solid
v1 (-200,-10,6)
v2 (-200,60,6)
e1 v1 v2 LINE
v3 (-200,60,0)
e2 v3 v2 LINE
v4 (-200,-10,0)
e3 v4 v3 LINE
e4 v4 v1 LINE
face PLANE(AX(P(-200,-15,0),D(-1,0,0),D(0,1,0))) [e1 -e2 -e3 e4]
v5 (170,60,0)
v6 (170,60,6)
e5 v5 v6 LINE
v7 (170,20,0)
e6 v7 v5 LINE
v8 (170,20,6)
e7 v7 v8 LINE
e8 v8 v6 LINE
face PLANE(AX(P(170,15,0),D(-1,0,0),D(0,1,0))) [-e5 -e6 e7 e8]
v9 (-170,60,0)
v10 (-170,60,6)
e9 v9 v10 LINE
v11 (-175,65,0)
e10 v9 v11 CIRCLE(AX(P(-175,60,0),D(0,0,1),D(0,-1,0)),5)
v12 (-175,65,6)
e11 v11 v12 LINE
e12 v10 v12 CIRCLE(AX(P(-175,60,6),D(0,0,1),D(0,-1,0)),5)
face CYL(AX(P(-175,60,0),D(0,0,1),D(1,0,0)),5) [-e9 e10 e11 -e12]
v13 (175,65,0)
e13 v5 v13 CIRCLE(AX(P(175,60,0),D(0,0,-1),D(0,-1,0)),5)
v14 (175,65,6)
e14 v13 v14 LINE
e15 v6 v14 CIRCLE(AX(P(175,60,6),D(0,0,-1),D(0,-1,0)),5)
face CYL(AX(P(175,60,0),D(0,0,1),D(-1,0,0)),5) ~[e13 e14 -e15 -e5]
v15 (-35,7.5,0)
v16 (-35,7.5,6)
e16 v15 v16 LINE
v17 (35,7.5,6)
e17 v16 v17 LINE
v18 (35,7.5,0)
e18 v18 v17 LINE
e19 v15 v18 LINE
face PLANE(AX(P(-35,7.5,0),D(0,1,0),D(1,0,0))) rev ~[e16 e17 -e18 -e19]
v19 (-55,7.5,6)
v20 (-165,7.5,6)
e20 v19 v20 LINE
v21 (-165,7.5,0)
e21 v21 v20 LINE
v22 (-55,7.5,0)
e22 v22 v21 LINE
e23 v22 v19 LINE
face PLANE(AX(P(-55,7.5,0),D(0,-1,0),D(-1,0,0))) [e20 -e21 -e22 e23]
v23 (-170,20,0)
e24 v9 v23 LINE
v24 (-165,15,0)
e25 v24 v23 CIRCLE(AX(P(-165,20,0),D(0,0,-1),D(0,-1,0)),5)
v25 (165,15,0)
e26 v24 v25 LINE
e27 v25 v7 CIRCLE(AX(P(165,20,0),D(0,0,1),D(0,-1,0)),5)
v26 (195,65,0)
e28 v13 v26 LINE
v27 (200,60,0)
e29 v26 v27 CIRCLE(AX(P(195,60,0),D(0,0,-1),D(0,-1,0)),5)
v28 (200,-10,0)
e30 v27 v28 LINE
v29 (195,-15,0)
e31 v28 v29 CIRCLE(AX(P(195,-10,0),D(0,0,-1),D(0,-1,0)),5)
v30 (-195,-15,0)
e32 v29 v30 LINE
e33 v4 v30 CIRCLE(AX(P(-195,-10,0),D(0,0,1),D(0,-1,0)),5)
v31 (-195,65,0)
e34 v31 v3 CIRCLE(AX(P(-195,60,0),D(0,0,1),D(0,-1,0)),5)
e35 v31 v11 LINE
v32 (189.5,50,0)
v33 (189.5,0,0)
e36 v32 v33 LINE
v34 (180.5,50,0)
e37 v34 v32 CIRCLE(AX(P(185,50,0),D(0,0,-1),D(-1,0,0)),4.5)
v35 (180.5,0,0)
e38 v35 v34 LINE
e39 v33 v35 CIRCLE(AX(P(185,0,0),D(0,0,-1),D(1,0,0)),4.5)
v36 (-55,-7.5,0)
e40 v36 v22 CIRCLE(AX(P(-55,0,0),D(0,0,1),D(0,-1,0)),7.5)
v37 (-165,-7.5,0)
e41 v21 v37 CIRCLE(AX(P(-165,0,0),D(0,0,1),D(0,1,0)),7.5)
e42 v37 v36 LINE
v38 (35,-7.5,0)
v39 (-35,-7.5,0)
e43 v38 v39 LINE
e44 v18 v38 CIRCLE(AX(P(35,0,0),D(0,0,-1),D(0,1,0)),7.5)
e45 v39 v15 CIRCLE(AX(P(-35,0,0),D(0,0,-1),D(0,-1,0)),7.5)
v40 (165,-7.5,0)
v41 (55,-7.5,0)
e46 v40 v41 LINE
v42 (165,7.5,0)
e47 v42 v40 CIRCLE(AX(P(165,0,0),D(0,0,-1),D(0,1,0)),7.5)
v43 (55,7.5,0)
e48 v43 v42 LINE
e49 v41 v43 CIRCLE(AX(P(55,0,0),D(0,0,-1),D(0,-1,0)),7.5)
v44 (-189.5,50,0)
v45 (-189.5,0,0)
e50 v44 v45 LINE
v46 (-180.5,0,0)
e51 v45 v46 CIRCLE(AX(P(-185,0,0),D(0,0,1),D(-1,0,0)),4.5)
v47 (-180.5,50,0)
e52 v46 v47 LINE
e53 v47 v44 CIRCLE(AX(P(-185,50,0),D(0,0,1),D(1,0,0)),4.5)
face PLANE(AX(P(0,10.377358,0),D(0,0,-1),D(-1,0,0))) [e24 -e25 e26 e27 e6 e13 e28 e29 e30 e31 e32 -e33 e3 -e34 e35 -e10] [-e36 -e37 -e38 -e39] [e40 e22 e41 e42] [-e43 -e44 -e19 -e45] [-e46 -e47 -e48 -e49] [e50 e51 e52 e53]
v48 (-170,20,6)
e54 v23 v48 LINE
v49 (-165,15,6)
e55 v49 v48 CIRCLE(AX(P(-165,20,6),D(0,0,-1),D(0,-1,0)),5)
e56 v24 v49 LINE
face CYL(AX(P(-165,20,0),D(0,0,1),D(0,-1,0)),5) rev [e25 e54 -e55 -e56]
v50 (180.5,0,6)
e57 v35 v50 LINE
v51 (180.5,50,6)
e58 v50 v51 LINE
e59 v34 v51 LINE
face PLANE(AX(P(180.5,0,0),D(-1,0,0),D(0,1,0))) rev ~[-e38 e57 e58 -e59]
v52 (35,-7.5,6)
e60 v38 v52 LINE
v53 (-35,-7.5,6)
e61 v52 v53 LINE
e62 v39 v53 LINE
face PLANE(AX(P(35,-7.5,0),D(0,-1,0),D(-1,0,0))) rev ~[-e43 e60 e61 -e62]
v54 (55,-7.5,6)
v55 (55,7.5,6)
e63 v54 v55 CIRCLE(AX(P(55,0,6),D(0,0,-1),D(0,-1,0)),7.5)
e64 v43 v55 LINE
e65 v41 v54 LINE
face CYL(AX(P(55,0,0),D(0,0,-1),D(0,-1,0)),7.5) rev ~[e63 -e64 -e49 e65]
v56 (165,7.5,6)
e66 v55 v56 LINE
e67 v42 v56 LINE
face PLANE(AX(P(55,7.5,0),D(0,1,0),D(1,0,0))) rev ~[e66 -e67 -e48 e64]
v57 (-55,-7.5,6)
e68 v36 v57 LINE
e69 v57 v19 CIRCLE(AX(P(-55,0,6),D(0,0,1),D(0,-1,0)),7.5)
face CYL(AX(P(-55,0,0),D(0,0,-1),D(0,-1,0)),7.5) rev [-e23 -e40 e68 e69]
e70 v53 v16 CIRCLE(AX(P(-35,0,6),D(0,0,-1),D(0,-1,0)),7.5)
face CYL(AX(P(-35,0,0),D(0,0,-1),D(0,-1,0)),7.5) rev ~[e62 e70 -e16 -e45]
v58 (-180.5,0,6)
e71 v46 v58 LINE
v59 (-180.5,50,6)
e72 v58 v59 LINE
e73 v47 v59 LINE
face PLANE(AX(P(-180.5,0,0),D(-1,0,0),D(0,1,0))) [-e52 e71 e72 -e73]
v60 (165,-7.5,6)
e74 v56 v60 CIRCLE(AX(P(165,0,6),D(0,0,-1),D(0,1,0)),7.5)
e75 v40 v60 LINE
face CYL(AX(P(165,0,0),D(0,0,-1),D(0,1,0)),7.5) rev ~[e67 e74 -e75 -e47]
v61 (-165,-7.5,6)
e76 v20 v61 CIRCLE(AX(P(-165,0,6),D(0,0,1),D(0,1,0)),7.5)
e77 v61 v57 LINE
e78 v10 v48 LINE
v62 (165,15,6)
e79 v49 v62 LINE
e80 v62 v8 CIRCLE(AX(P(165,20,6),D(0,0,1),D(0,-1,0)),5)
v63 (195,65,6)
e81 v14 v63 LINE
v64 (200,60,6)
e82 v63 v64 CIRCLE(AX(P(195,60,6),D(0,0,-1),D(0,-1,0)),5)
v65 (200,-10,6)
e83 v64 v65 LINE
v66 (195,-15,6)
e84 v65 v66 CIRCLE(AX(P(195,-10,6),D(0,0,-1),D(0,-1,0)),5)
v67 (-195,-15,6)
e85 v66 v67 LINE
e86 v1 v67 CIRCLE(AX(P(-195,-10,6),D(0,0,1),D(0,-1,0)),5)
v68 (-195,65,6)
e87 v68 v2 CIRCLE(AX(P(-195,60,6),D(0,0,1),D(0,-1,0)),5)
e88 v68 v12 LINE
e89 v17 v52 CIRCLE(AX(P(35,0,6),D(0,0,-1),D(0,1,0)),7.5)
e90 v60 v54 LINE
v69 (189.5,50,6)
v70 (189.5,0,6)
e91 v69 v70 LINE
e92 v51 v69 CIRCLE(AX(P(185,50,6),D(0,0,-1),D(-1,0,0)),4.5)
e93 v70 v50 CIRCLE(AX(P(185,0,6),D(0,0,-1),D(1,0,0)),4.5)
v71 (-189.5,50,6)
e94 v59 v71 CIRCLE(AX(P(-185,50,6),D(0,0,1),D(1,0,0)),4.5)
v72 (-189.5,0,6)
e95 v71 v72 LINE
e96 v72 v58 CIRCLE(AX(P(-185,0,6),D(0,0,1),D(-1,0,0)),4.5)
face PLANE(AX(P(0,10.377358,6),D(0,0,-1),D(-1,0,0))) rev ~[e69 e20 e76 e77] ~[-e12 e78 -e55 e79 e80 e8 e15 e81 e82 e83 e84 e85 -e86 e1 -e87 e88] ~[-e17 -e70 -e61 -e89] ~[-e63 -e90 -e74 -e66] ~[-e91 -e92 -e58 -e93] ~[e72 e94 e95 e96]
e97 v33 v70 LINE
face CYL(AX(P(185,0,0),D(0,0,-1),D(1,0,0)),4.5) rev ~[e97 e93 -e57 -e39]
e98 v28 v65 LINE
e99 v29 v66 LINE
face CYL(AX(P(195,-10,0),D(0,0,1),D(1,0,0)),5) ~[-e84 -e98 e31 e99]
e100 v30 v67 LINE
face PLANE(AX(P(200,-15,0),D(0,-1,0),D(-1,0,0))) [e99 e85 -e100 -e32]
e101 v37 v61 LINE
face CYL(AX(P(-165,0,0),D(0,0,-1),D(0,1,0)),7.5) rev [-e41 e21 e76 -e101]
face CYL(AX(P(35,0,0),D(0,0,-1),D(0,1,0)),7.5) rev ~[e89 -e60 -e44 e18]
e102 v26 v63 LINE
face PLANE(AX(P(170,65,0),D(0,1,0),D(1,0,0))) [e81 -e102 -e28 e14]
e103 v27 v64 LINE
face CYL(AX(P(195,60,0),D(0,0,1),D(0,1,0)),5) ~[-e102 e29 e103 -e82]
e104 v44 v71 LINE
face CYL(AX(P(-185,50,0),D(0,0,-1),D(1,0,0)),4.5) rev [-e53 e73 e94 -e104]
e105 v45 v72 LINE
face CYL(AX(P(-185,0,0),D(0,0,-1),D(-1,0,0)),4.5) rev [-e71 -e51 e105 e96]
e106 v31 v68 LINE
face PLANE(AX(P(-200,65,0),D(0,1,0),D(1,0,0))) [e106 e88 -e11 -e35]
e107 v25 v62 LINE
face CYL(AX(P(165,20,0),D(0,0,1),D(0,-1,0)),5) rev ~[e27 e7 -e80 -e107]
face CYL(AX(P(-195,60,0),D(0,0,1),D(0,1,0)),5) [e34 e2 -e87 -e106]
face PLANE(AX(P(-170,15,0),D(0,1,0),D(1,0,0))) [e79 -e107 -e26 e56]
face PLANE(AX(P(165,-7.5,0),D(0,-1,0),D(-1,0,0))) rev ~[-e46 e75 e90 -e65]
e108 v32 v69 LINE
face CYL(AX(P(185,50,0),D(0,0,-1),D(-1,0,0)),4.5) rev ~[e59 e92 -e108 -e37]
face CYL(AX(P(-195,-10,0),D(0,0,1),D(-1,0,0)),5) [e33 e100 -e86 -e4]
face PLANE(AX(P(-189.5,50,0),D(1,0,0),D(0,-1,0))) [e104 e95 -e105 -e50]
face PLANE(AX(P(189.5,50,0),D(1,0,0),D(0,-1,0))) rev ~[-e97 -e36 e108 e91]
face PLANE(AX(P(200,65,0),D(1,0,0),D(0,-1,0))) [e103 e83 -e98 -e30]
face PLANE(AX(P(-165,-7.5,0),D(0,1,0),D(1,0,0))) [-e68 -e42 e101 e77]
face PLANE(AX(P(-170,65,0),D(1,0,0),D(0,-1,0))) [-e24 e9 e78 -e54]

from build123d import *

# Parameters (mm, degrees)
EXTRUDE_1_DEPTH = 6
FILLET_1_R      = 5


with BuildPart() as part:
    # 草图1 → 凸台-拉伸1 (new body)
    with BuildSketch(Plane.XY):
        Polygon((-170, 15), (170, 15), (170, 65), (200, 65), (200, -15), (-200, -15), (-200, 65), (-170, 65), align=None)
        with BuildLine():
            Line((-35, 7.5), (35, 7.5))
            ThreePointArc((35, 7.5), (42.5, 0), (35, -7.5))
            Line((35, -7.5), (-35, -7.5))
            ThreePointArc((-35, -7.5), (-42.5, 0), (-35, 7.5))
        make_face(mode=Mode.SUBTRACT)
        with BuildLine():
            Line((55, 7.5), (165, 7.5))
            ThreePointArc((165, 7.5), (172.5, 0), (165, -7.5))
            Line((165, -7.5), (55, -7.5))
            ThreePointArc((55, -7.5), (47.5, 0), (55, 7.5))
        make_face(mode=Mode.SUBTRACT)
        with BuildLine():
            Line((189.5, 50), (189.5, 0))
            ThreePointArc((189.5, 0), (185, -4.5), (180.5, 0))
            Line((180.5, 0), (180.5, 50))
            ThreePointArc((180.5, 50), (185, 54.5), (189.5, 50))
        make_face(mode=Mode.SUBTRACT)
        with BuildLine():
            Line((-189.5, 50), (-189.5, 0))
            ThreePointArc((-189.5, 0), (-185, -4.5), (-180.5, 0))
            Line((-180.5, 0), (-180.5, 50))
            ThreePointArc((-180.5, 50), (-185, 54.5), (-189.5, 50))
        make_face(mode=Mode.SUBTRACT)
        with BuildLine():
            Line((-55, 7.5), (-165, 7.5))
            ThreePointArc((-165, 7.5), (-172.5, 0), (-165, -7.5))
            Line((-165, -7.5), (-55, -7.5))
            ThreePointArc((-55, -7.5), (-47.5, 0), (-55, 7.5))
        make_face(mode=Mode.SUBTRACT)
    extrude(amount=EXTRUDE_1_DEPTH)

    # 圆角1
    fillet_1_edges = [part.edges().sort_by_distance(p)[0] for p in [
        (170, 65, 3),
        (200, 65, 3),
        (200, -15, 3),
        (-200, -15, 3),
        (-200, 65, 3),
        (-170, 65, 3),
        (-170, 15, 3),
        (170, 15, 3),
    ]]
    fillet(fillet_1_edges, radius=FILLET_1_R)


solid = part.part
